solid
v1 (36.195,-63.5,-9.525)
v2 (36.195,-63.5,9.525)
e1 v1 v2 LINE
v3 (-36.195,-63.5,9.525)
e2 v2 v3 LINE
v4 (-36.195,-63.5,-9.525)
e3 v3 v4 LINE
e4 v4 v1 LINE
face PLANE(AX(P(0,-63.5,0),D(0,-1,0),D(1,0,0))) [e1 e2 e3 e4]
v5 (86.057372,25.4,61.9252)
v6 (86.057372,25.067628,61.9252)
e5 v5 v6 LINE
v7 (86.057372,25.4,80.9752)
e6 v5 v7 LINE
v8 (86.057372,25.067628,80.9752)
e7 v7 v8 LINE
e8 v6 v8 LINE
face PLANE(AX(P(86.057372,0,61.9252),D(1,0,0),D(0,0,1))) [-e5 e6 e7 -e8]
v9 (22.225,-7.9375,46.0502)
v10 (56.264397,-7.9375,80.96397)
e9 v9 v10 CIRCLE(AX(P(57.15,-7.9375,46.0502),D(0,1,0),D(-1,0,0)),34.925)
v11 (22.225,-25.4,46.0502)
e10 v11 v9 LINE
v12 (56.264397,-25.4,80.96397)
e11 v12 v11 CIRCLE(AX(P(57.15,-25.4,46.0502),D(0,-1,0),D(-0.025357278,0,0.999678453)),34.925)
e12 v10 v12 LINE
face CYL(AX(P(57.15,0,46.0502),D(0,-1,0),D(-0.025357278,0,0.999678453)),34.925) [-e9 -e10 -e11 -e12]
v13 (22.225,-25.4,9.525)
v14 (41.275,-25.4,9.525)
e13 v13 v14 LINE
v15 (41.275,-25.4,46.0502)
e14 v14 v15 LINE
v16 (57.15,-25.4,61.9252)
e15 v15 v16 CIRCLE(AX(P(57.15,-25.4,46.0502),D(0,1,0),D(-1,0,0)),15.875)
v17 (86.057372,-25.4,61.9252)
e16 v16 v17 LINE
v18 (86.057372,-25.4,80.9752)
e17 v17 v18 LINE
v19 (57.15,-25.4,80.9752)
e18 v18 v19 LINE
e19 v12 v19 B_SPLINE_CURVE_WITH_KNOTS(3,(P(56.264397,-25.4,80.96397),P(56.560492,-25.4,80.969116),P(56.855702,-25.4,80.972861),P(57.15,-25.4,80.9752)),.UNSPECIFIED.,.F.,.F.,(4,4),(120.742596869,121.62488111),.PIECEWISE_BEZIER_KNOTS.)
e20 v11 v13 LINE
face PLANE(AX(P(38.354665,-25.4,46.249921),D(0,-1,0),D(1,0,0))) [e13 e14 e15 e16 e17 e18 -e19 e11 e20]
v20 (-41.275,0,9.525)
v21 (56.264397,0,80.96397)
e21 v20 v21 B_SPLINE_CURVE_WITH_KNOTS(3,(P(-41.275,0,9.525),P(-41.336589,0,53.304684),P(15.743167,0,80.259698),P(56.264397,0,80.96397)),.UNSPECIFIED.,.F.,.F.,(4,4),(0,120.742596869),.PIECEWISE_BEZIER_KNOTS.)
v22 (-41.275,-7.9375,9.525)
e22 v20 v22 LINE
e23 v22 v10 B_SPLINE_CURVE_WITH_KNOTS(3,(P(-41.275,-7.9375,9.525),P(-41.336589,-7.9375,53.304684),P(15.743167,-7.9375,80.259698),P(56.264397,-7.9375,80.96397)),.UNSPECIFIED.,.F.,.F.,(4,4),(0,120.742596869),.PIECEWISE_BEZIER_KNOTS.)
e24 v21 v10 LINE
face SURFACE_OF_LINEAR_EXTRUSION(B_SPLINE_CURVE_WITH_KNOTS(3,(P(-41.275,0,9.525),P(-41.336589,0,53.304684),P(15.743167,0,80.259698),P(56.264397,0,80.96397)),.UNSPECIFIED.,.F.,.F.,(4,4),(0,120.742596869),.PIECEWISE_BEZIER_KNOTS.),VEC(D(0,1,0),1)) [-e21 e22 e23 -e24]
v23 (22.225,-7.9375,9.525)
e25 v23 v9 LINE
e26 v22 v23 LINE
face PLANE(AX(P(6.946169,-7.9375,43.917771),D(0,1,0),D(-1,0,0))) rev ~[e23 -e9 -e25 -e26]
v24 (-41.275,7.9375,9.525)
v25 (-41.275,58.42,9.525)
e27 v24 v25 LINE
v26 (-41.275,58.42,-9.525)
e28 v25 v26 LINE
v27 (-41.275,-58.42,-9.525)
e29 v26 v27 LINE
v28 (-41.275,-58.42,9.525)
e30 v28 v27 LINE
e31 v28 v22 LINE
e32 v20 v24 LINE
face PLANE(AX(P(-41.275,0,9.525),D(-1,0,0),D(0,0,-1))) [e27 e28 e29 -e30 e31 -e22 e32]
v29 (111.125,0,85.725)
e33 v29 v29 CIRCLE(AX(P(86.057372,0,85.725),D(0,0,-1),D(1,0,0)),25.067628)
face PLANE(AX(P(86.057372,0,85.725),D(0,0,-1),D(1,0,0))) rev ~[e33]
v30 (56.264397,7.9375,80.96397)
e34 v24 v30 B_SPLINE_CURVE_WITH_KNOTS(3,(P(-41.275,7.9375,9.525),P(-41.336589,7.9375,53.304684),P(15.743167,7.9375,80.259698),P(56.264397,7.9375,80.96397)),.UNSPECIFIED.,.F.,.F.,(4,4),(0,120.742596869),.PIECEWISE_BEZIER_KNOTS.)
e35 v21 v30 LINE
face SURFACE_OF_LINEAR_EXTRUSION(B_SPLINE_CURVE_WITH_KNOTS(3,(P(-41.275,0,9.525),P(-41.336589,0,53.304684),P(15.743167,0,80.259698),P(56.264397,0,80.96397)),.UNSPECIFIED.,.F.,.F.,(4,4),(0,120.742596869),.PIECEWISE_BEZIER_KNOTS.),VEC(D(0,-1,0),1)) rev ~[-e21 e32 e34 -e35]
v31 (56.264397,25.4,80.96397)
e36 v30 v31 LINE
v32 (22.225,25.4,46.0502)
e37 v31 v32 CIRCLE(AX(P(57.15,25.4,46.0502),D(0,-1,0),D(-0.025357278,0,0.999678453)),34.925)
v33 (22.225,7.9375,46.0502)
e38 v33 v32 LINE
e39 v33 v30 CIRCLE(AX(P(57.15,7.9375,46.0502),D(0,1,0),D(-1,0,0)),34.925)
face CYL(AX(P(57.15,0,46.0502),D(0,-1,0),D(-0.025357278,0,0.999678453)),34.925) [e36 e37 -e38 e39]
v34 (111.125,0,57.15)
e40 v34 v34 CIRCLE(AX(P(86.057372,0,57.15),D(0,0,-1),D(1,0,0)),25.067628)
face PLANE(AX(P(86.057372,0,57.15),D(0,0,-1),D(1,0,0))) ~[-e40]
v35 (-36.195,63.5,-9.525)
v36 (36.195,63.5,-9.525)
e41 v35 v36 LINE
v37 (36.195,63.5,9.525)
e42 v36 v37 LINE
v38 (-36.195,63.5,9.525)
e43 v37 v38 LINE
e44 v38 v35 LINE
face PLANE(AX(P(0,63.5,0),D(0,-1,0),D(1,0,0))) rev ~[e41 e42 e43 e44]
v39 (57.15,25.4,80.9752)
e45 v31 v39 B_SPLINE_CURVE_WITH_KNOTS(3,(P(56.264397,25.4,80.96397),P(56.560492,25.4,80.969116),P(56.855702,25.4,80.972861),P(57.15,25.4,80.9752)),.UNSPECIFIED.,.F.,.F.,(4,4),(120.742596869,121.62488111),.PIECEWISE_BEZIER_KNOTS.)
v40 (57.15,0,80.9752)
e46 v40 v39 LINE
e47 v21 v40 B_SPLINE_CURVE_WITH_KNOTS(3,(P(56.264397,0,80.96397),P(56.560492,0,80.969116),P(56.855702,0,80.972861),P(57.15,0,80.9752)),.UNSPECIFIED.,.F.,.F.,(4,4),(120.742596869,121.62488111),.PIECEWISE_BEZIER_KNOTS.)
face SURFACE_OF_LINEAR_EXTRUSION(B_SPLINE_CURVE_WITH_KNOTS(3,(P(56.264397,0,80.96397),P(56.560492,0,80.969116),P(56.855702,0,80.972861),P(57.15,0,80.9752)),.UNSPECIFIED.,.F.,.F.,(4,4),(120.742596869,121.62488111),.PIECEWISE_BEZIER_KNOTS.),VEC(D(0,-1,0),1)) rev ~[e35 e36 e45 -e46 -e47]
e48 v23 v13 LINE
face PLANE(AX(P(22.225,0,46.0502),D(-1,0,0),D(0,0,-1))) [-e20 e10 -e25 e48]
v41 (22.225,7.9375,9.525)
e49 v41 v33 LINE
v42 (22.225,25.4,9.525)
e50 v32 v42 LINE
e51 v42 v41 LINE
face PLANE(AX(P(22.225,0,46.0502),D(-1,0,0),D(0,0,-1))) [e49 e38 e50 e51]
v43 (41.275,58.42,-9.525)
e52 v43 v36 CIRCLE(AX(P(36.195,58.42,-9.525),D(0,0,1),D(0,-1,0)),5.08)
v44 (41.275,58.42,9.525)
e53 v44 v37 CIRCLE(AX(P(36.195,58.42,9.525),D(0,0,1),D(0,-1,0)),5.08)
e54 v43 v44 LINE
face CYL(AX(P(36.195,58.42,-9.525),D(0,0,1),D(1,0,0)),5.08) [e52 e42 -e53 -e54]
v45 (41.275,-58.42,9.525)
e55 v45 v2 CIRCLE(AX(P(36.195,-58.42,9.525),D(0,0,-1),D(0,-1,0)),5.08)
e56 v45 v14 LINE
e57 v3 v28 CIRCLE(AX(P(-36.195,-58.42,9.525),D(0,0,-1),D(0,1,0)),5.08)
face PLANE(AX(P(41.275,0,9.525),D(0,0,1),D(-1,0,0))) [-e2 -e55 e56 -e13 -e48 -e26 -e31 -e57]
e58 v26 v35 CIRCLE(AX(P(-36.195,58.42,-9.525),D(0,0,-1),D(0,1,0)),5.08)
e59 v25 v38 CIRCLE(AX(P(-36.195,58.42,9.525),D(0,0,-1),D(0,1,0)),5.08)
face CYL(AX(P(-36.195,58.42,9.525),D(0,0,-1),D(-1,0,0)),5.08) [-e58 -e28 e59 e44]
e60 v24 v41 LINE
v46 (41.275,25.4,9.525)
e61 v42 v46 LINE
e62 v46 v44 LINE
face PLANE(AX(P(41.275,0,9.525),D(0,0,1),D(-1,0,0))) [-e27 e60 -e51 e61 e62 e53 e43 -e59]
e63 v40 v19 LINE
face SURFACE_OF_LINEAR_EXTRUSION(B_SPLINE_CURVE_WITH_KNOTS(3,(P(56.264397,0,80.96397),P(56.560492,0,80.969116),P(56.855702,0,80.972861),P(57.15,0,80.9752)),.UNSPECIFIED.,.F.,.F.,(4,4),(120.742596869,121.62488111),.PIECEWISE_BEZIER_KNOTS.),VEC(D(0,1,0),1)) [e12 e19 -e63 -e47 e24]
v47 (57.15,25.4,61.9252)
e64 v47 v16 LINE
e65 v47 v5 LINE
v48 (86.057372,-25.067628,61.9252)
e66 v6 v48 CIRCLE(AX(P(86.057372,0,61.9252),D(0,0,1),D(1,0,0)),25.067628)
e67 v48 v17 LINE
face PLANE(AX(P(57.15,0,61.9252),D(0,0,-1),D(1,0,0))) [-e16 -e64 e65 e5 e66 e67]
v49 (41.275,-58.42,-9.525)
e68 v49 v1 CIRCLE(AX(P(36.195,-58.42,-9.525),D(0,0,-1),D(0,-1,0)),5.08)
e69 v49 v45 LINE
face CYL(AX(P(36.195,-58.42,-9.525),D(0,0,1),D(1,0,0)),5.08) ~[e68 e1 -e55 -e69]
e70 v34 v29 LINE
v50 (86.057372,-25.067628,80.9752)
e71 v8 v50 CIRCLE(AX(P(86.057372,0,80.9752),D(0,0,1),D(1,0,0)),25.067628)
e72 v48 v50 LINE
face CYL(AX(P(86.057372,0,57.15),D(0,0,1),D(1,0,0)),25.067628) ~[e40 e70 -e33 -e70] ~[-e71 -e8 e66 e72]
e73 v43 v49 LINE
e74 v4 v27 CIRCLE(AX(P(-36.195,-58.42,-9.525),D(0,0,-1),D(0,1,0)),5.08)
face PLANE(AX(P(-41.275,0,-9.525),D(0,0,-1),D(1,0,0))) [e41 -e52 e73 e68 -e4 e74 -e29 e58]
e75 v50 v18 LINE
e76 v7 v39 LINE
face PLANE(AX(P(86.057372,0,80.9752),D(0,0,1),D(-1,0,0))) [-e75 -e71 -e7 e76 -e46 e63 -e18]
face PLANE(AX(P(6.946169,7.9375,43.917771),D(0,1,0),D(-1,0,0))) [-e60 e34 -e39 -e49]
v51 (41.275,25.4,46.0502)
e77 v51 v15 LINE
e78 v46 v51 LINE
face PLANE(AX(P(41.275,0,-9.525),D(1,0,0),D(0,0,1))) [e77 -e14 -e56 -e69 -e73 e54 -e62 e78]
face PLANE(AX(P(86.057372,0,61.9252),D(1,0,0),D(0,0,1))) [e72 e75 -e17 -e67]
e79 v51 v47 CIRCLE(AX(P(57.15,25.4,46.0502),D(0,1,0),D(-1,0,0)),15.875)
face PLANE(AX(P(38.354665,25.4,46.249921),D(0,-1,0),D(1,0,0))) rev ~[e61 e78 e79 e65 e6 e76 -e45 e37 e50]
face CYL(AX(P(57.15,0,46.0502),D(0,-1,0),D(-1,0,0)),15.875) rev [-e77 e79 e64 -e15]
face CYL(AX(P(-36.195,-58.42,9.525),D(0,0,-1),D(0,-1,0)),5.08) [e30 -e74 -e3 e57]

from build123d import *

# Parameters (mm, degrees)
F1_DEPTH = 63.5
F0_W     = 25.7323723912
F0_H     = 19.05
F2_DEPTH = 25.4
F3_DEPTH = 25.4
F4_DEPTH = 7.9375
F6_R     = 5.08


with BuildPart() as f1:
    # F0 (on Front) → F1 (new body, symmetric)
    with BuildSketch(Plane.XZ):
        Polygon((22.225, 9.525), (-41.275, 9.525), (-41.275, -9.525), (41.275, -9.525), (41.275, 9.525), align=None)
    extrude(amount=F1_DEPTH, both=True)

    # F0 (on Front) → F2 (join, symmetric)
    with BuildSketch(Plane.XZ):
        with BuildLine():
            Line((22.225, 46.0502), (22.225, 9.525))
            Line((22.225, 9.525), (41.275, 9.525))
            Line((41.275, 9.525), (41.275, 46.0502))
            ThreePointArc((41.275, 46.0502), (45.9246798487, 57.2755201513), (57.15, 61.9252))
            Line((57.15, 61.9252), (60.325, 61.9252))
            Line((60.325, 61.9252), (60.325, 80.9752))
            Line((60.325, 80.9752), (57.15, 80.9752))
            add(Edge.make_bspline(
                [(56.2643970704, 80.9639699547), (56.5604917652, 80.9691161727), (56.8557023266, 80.972860747), (57.15, 80.9752)],
                knots=[120.7425968685, 120.7425968685, 120.7425968685, 120.7425968685, 121.6248811101, 121.6248811101, 121.6248811101, 121.6248811101], degree=3))
            ThreePointArc((56.2643970704, 80.9639699547), (32.1431478659, 70.4307859516), (22.225, 46.0502))
        make_face()
        with Locations((73.1911861956, 71.4502)):
            Rectangle(F0_W, F0_H)
    extrude(amount=F2_DEPTH, both=True)

    # F0 (on Front) → F3 (join, symmetric)
    with BuildSketch(Plane.XZ):
        with BuildLine():
            Line((22.225, 46.0502), (22.225, 9.525))
            Line((22.225, 9.525), (41.275, 9.525))
            Line((41.275, 9.525), (41.275, 46.0502))
            ThreePointArc((41.275, 46.0502), (45.9246798487, 57.2755201513), (57.15, 61.9252))
            Line((57.15, 61.9252), (60.325, 61.9252))
            Line((60.325, 61.9252), (60.325, 80.9752))
            Line((60.325, 80.9752), (57.15, 80.9752))
            add(Edge.make_bspline(
                [(56.2643970704, 80.9639699547), (56.5604917652, 80.9691161727), (56.8557023266, 80.972860747), (57.15, 80.9752)],
                knots=[120.7425968685, 120.7425968685, 120.7425968685, 120.7425968685, 121.6248811101, 121.6248811101, 121.6248811101, 121.6248811101], degree=3))
            ThreePointArc((56.2643970704, 80.9639699547), (32.1431478659, 70.4307859516), (22.225, 46.0502))
        make_face()
        with Locations((73.1911861956, 71.4502)):
            Rectangle(F0_W, F0_H)
    extrude(amount=F3_DEPTH, both=True)

    # F0 (on Front) → F4 (join, symmetric)
    with BuildSketch(Plane.XZ):
        with BuildLine():
            add(Edge.make_bspline(
                [(-41.275, 9.525), (-41.3365892796, 53.3046842853), (15.7431674311, 80.2596983695), (56.2643970704, 80.9639699547)],
                knots=[0, 0, 0, 0, 120.7425968685, 120.7425968685, 120.7425968685, 120.7425968685], degree=3))
            Line((-41.275, 9.525), (22.225, 9.525))
            Line((22.225, 9.525), (22.225, 46.0502))
            ThreePointArc((22.225, 46.0502), (32.1431478659, 70.4307859516), (56.2643970704, 80.9639699547))
        make_face()
    extrude(amount=F4_DEPTH, both=True)

    # F0 (on Front) → F5 (revolve)
    with BuildSketch(Plane.XZ):
        Polygon((86.0573723912, 85.725), (86.0573723912, 80.9752), (86.0573723912, 61.9252), (86.0573723912, 57.15), (111.125, 57.15), (111.125, 85.725), align=None)
    revolve(axis=Axis((86.0573723912, 0, 71.4375), (0, 0, -1)))

    # F6
    f6_edges = [f1.edges().sort_by_distance(p)[0] for p in [
        (-41.275, 63.5, 0),
        (-41.275, -63.5, 0),
        (41.275, 63.5, 0),
        (41.275, -63.5, 0),
    ]]
    fillet(f6_edges, radius=F6_R)


solid = f1.part
